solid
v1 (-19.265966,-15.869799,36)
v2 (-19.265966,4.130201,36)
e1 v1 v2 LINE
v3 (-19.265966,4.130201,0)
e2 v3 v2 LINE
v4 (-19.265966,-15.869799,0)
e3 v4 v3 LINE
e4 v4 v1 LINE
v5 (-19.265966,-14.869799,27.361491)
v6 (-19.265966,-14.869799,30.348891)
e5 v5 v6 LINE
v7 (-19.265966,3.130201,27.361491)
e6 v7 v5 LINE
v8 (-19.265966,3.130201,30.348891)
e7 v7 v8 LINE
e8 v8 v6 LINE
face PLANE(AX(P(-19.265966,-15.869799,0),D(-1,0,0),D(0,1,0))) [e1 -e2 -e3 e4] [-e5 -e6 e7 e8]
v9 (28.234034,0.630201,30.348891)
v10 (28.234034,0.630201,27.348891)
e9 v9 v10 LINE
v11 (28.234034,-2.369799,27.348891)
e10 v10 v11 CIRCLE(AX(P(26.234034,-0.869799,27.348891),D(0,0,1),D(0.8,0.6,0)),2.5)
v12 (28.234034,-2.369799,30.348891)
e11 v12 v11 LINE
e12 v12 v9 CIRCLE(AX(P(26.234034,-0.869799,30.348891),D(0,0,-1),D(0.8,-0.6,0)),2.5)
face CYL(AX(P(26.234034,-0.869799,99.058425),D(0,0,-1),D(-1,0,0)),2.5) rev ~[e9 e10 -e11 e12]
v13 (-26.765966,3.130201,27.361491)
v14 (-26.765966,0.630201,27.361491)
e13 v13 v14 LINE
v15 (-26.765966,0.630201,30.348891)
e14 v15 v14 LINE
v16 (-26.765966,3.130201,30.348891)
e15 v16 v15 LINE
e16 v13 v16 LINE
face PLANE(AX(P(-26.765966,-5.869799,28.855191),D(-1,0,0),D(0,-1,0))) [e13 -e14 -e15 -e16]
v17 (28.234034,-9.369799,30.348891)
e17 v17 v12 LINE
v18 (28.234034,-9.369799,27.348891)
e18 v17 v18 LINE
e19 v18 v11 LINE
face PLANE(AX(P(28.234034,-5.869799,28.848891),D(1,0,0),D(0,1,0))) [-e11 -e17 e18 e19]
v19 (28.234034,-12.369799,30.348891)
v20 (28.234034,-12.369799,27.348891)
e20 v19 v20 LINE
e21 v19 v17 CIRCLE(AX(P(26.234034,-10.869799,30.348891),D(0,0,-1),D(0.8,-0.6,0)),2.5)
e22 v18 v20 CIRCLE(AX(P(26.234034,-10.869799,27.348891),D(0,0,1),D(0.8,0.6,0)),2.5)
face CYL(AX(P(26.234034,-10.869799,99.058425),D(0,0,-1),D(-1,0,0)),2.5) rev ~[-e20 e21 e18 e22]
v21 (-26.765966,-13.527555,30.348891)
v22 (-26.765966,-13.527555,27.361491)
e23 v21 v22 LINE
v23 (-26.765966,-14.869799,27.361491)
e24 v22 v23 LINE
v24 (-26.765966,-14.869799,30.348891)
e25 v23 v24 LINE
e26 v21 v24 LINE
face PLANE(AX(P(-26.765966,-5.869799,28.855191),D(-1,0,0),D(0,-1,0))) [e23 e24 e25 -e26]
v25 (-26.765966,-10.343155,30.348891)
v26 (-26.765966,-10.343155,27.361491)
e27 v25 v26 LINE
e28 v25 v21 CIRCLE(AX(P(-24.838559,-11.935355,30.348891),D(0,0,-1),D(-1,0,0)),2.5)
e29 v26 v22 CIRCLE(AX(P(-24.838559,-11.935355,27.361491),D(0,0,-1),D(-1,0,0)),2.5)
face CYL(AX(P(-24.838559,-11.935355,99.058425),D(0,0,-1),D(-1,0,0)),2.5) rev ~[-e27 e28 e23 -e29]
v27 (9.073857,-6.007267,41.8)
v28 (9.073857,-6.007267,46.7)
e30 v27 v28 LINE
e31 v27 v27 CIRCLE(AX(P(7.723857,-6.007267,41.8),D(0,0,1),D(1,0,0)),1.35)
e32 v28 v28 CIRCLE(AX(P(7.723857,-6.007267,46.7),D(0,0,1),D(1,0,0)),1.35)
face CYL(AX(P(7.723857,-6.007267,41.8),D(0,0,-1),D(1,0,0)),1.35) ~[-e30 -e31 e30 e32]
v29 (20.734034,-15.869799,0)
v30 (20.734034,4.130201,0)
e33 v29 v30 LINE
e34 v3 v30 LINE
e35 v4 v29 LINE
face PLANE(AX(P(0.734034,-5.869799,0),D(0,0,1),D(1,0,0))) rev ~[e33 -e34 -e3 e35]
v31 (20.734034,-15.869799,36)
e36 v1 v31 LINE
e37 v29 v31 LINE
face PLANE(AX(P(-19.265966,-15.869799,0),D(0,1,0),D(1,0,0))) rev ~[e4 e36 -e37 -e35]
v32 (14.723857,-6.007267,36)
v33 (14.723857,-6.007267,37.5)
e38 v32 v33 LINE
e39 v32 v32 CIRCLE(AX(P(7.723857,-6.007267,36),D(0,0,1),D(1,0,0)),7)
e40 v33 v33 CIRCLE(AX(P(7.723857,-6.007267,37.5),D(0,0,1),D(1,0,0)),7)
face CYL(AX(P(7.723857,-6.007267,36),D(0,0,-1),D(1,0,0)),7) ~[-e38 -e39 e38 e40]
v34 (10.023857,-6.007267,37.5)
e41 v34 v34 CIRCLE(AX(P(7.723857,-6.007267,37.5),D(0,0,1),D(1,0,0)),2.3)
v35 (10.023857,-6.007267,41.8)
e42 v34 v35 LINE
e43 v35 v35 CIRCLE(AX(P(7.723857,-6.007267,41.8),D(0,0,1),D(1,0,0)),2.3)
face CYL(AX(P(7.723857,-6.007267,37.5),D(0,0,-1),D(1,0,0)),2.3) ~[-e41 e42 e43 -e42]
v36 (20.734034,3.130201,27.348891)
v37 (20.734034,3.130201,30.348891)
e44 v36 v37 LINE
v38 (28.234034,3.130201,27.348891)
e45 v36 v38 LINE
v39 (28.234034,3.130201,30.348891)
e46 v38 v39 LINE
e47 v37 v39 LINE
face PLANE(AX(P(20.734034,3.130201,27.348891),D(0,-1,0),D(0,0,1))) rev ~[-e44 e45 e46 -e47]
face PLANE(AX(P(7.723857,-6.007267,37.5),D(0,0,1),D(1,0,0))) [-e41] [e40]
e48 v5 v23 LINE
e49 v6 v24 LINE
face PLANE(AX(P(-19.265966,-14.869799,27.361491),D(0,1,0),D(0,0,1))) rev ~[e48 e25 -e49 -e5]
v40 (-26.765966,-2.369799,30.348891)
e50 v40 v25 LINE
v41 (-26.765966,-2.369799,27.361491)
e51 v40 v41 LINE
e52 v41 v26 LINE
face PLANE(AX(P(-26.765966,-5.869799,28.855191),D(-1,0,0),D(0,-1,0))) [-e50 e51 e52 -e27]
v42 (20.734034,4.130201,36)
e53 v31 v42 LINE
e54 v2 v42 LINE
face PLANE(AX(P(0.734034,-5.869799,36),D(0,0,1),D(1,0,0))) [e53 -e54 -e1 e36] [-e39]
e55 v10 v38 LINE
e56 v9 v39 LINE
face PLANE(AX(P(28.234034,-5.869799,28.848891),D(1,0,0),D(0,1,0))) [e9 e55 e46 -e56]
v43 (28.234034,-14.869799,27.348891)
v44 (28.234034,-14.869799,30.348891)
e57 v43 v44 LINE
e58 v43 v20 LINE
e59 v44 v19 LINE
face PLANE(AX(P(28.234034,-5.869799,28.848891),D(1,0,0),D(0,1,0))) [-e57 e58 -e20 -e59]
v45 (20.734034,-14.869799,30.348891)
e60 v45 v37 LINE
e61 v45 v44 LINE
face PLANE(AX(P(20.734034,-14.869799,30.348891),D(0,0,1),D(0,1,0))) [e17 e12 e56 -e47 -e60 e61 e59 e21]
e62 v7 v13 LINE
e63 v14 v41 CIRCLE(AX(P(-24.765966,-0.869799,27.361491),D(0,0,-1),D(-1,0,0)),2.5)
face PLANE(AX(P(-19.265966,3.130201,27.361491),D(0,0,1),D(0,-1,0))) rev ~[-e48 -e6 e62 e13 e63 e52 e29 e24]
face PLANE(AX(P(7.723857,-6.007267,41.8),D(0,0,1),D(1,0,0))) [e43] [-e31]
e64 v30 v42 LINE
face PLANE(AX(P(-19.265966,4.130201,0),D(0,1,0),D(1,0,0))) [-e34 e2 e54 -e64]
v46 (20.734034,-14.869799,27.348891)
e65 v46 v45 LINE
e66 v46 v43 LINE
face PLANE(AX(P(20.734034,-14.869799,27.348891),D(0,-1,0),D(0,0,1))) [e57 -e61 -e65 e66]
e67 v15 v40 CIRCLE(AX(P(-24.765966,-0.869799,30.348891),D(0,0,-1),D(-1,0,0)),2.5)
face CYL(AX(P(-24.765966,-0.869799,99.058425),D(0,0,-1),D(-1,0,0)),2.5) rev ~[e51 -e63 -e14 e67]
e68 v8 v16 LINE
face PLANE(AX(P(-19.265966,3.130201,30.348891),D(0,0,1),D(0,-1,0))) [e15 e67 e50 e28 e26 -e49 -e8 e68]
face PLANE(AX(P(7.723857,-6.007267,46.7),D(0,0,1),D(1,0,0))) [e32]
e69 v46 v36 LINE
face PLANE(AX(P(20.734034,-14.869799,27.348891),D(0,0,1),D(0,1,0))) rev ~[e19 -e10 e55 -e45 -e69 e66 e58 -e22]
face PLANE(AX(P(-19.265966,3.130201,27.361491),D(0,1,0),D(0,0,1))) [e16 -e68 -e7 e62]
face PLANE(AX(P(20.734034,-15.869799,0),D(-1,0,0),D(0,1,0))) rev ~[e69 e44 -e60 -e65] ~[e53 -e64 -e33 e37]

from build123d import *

# Parameters (mm, degrees)
F0_W      = 40
F0_H      = 20
F1_DEPTH  = 36
F2_W      = 18
F2_H      = 3
F3_DEPTH  = 7.5
F4_W      = 18
F4_H      = 2.9874
F5_DEPTH  = 7.5
F8_D      = 5
F9_R      = 7
F10_DEPTH = 1.5
F11_R     = 2.3
F12_DEPTH = 4.3
F13_R     = 1.35
F14_DEPTH = 4.9


with BuildPart() as f1:
    # F0 (on Top) → F1 (new body)
    with BuildSketch(Plane.XY):
        with Locations((0.734034, -5.869799)):
            Rectangle(F0_W, F0_H)
    extrude(amount=F1_DEPTH)

    # F2 (on face) → F3 (join)
    with BuildSketch(Plane.YZ.offset(20.734034)):
        with Locations((-5.869799, 28.848891)):
            Rectangle(F2_W, F2_H)
    extrude(amount=F3_DEPTH)

    # F4 (on face) → F5 (join)
    with BuildSketch(Plane(origin=(-19.265966, 0, 0), x_dir=(0, -1, 0), z_dir=(-1, 0, 0))):
        with Locations((5.869799, 28.855191)):
            Rectangle(F4_W, F4_H)
    extrude(amount=F5_DEPTH)

    # F8 (through all)
    with Locations(Plane.XY.offset(30.348891)):
        with Locations((-24.765966, -0.869799), (-24.838559, -11.935355), (26.234034, -10.869799), (26.234034, -0.869799)):
            Hole(F8_D / 2)

    # F9 (on face) → F10 (join)
    with BuildSketch(Plane.XY.offset(36)):
        with Locations((7.723857, -6.007267)):
            Circle(F9_R)
    extrude(amount=F10_DEPTH)

    # F11 (on face) → F12 (join)
    with BuildSketch(Plane.XY.offset(37.5)):
        with Locations((7.723857, -6.007267)):
            Circle(F11_R)
    extrude(amount=F12_DEPTH)

    # F13 (on face) → F14 (join)
    with BuildSketch(Plane.XY.offset(41.8)):
        with Locations((7.723857, -6.007267)):
            Circle(F13_R)
    extrude(amount=F14_DEPTH)


solid = f1.part
